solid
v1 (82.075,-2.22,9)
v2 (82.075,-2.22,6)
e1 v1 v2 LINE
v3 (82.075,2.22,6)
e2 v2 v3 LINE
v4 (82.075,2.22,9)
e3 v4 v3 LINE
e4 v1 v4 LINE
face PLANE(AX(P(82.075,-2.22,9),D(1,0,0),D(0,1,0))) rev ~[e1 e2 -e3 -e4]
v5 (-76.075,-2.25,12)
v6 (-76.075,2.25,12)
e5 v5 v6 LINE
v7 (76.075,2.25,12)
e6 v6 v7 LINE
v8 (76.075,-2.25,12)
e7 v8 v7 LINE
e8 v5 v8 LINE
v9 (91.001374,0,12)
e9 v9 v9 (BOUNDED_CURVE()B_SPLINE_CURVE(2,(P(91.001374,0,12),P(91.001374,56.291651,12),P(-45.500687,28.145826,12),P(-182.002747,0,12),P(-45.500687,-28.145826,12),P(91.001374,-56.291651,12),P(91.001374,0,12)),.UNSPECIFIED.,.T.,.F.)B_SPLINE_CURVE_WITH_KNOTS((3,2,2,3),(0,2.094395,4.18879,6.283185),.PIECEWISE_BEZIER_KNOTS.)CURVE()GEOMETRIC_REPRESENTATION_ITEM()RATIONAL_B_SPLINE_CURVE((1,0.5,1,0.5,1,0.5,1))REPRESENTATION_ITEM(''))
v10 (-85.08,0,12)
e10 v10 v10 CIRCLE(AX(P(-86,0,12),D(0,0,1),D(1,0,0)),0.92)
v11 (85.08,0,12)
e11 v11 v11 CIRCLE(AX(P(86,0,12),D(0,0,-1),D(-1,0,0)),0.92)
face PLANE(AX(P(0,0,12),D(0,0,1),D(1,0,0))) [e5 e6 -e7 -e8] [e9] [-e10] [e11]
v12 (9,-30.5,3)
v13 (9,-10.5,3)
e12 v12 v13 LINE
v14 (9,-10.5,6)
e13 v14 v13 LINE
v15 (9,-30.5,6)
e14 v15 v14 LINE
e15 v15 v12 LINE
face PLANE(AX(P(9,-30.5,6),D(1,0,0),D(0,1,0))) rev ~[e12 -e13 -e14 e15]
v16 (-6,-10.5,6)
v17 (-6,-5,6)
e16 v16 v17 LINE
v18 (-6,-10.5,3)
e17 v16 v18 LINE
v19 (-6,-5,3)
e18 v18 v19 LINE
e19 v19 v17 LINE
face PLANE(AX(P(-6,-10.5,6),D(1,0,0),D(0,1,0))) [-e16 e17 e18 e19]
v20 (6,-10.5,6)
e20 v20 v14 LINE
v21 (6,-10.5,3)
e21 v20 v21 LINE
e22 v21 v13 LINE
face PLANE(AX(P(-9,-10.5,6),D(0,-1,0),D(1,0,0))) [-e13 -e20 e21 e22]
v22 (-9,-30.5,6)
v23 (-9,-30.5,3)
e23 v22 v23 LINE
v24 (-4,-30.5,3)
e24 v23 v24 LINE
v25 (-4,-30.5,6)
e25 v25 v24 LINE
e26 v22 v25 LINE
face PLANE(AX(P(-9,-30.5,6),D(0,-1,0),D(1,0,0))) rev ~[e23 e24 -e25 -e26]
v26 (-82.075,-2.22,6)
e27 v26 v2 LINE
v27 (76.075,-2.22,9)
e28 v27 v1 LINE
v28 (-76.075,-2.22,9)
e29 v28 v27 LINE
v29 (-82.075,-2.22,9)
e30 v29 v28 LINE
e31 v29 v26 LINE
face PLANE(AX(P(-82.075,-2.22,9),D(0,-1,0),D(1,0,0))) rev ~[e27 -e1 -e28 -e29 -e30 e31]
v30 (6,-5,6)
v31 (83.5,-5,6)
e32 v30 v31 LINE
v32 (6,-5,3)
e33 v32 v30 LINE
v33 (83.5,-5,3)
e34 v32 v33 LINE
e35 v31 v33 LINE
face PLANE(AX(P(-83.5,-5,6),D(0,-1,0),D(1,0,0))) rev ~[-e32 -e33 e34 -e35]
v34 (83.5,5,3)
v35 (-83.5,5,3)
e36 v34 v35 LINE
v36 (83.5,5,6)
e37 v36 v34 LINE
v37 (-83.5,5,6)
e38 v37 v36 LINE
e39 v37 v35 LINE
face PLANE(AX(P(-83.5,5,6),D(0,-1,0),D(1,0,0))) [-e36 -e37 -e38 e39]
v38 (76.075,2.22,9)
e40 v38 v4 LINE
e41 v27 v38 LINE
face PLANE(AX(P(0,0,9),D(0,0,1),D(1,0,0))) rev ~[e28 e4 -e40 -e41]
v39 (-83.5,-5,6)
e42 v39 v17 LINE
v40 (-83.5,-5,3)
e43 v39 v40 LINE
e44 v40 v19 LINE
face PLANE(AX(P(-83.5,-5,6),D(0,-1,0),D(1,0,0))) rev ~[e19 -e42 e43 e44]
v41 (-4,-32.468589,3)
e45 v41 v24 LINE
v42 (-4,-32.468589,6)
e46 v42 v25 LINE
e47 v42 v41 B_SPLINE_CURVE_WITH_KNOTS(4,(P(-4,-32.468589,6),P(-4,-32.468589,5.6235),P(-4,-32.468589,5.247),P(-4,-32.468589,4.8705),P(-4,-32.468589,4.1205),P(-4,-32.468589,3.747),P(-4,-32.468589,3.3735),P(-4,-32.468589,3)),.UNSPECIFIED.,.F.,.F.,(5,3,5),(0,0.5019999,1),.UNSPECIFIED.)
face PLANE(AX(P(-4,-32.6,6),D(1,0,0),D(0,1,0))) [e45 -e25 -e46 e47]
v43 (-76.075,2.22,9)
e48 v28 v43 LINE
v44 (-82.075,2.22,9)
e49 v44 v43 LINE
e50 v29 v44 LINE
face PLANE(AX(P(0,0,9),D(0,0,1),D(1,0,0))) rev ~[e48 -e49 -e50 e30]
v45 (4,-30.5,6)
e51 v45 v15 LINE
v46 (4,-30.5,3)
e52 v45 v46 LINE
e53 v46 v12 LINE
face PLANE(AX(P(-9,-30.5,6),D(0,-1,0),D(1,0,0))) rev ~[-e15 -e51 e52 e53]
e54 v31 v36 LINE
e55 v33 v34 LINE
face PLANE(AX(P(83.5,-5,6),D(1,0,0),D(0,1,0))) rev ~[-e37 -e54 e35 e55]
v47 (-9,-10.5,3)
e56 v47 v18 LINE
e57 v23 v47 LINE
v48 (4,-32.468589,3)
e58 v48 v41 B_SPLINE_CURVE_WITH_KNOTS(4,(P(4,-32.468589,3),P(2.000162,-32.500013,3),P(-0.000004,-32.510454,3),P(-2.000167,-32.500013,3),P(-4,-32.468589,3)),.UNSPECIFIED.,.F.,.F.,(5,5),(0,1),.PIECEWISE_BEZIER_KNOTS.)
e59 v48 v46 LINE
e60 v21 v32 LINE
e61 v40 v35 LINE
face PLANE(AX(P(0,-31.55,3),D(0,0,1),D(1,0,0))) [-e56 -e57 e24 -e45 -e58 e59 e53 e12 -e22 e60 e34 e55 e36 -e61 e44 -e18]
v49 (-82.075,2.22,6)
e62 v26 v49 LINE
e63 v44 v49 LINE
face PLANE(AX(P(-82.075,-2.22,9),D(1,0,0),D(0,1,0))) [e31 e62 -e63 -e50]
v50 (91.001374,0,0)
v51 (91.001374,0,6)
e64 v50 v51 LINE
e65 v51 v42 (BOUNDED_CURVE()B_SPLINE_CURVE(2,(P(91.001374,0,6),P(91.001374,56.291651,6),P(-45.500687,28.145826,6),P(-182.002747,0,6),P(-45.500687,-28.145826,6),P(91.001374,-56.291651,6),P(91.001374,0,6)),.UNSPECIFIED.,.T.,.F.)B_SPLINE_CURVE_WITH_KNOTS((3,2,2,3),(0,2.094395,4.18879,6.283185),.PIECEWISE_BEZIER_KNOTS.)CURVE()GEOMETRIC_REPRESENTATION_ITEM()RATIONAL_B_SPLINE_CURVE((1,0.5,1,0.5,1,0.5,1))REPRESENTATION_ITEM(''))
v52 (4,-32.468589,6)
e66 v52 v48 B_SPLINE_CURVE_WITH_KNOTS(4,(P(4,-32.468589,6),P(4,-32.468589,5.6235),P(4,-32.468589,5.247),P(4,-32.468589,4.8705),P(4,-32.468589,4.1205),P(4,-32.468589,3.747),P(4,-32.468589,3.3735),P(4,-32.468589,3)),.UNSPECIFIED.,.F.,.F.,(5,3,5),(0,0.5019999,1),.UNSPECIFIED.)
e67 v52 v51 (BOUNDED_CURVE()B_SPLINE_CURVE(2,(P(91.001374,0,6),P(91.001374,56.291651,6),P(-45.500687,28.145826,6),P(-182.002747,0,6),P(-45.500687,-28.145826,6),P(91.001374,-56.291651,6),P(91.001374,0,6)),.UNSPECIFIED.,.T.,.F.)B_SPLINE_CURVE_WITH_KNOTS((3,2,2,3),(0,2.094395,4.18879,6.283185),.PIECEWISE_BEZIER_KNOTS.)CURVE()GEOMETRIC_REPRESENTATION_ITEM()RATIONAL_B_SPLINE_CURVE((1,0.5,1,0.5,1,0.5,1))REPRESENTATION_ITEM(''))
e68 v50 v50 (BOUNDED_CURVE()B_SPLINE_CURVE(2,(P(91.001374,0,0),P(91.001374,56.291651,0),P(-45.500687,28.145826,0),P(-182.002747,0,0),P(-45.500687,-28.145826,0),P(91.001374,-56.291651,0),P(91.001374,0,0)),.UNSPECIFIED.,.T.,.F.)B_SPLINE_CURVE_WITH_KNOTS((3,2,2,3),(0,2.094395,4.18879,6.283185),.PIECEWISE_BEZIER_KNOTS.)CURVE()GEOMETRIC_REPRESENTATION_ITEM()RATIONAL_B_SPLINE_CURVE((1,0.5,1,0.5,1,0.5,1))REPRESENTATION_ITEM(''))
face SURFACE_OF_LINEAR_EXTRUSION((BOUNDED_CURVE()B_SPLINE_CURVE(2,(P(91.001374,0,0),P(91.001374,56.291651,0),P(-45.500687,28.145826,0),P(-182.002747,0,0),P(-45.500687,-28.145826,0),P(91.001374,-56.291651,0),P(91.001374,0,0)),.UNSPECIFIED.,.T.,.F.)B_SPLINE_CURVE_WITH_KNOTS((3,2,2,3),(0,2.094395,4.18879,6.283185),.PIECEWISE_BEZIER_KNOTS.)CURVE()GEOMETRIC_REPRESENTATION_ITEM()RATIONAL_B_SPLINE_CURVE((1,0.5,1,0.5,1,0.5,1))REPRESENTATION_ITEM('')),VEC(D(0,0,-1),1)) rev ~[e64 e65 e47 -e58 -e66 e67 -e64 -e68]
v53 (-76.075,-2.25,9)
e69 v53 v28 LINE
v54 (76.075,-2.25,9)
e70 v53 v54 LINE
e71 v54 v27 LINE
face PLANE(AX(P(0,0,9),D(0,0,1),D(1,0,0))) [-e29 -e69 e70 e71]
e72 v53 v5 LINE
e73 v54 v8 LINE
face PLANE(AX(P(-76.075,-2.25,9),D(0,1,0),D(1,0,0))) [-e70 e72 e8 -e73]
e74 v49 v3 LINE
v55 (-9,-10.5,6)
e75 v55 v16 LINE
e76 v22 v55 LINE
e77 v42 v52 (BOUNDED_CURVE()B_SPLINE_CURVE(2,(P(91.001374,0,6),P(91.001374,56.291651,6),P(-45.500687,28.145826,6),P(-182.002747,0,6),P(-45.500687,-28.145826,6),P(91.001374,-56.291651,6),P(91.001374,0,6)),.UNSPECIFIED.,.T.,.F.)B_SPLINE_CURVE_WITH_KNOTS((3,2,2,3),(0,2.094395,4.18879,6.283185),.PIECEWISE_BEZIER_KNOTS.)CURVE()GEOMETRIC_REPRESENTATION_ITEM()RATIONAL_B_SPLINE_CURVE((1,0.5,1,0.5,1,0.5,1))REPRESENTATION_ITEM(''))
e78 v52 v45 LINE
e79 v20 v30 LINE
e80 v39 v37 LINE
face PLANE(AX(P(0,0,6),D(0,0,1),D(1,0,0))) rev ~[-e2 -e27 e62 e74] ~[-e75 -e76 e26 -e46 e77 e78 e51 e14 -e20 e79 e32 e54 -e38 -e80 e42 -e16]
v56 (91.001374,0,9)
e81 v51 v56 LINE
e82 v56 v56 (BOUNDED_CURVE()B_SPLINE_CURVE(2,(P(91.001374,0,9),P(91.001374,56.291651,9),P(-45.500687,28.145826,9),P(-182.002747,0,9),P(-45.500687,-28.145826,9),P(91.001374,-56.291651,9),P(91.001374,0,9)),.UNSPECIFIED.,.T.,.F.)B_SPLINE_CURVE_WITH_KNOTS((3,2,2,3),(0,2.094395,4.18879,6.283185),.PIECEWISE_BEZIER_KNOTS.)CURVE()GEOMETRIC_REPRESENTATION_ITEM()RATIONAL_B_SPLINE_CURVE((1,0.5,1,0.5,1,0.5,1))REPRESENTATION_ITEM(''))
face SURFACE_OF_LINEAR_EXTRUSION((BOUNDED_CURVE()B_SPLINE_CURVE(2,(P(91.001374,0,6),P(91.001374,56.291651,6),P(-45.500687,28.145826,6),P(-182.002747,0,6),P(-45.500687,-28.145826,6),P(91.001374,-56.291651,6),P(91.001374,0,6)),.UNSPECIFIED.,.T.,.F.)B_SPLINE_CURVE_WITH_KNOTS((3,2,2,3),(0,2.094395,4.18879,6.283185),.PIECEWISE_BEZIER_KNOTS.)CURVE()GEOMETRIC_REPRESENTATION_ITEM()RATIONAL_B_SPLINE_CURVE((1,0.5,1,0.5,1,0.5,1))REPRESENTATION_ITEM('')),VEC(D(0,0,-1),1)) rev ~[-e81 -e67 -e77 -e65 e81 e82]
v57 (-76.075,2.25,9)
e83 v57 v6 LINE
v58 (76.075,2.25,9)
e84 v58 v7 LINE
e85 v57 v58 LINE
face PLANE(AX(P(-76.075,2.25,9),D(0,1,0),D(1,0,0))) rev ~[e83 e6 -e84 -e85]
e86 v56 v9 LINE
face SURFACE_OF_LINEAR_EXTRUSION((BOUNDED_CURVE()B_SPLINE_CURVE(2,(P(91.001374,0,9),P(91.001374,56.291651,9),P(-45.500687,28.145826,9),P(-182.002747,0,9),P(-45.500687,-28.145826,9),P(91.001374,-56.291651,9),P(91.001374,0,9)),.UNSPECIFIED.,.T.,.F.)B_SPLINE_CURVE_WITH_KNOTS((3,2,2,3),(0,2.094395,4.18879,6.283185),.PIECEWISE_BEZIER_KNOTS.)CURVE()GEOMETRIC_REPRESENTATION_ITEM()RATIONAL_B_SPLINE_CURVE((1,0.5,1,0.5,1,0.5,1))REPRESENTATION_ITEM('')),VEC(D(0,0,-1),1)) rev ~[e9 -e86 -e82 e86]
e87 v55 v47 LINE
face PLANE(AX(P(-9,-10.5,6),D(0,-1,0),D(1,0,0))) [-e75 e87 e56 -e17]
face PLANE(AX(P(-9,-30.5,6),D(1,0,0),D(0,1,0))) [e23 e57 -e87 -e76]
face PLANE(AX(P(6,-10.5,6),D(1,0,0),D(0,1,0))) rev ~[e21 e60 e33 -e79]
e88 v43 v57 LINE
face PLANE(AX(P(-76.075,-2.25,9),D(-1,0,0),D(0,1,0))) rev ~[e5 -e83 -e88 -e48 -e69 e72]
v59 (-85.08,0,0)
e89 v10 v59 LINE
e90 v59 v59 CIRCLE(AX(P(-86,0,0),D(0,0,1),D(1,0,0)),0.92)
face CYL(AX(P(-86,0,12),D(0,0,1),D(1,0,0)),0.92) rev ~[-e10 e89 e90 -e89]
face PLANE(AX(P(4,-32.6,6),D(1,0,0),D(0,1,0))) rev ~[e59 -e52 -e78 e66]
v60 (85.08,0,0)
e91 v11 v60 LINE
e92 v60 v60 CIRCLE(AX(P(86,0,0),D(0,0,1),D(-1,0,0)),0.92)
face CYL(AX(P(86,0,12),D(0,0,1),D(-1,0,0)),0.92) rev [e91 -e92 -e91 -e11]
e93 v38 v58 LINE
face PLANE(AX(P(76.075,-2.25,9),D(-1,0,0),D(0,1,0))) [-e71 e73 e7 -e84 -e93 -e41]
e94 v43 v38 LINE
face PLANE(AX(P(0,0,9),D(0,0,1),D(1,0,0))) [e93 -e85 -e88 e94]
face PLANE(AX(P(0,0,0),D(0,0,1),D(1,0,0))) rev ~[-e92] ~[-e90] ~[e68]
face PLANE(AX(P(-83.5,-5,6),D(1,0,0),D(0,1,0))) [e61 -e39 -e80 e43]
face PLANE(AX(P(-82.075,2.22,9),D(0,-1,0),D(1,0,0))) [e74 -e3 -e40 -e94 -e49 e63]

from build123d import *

# Parameters (mm, degrees)
PAD_DEPTH       = 6
SKETCH001_W     = 167
SKETCH001_H     = 10
POCKET_DEPTH    = 3
SKETCH002_W     = 18
SKETCH002_H     = 20
POCKET001_DEPTH = 3
SKETCH003_W     = 12
SKETCH003_H     = 15.5
SKETCH003_W_2   = 8
SKETCH003_H_2   = 2.1
POCKET002_DEPTH = 3
PAD001_DEPTH    = 3
SKETCH005_W     = 164.15
SKETCH005_H     = 4.44
POCKET003_DEPTH = 3
SKETCH006_W     = 152.15
SKETCH006_H     = 4.5
PAD002_DEPTH    = 3
SKETCH007_R     = 0.92
POCKET004_DEPTH = 399.26835


with BuildPart() as part:
    # Sketch → Pad (new body)
    with BuildSketch(Plane.XY):
        with BuildLine():
            add(Edge.make_bspline(
                [(91.001374, 0), (91.001374, 56.291651), (-45.500687, 28.145826), (-182.002747, 0), (-45.500687, -28.145826), (91.001374, -56.291651), (91.001374, 0)],
                knots=[0, 0, 0, 2.094395, 2.094395, 4.18879, 4.18879, 6.283185, 6.283185, 6.283185], degree=2, weights=[1, 0.5, 1, 0.5, 1, 0.5, 1]))
        make_face()
    extrude(amount=PAD_DEPTH)

    # Sketch001 (on Face3 of Pad) → Pocket (cut)
    with BuildSketch(Plane.XY.offset(6)):
        Rectangle(SKETCH001_W, SKETCH001_H)
    extrude(amount=-POCKET_DEPTH, mode=Mode.SUBTRACT)

    # Sketch002 (on Face3 of Pocket) → Pocket001 (cut)
    with BuildSketch(Plane.XY.offset(6)):
        with Locations((0, -20.5)):
            Rectangle(SKETCH002_W, SKETCH002_H)
    extrude(amount=-POCKET001_DEPTH, mode=Mode.SUBTRACT)

    # Sketch003 (on Face3 of Pocket001) → Pocket002 (cut)
    with BuildSketch(Plane.XY.offset(6)):
        with Locations((0, -2.75)):
            Rectangle(SKETCH003_W, SKETCH003_H)
        with Locations((0, -31.55)):
            Rectangle(SKETCH003_W_2, SKETCH003_H_2)
    extrude(amount=-POCKET002_DEPTH, mode=Mode.SUBTRACT)

    # Sketch004 (on Face3 of Pocket002) → Pad001 (join)
    with BuildSketch(Plane.XY.offset(6)):
        with BuildLine():
            add(Edge.make_bspline(
                [(91.001374, 0), (91.001374, 56.291651), (-45.500687, 28.145826), (-182.002747, 0), (-45.500687, -28.145826), (91.001374, -56.291651), (91.001374, 0)],
                knots=[0, 0, 0, 2.094395, 2.094395, 4.18879, 4.18879, 6.283185, 6.283185, 6.283185], degree=2, weights=[1, 0.5, 1, 0.5, 1, 0.5, 1]))
        make_face()
    extrude(amount=PAD001_DEPTH)

    # Sketch005 (on Face8 of Pad001) → Pocket003 (cut)
    with BuildSketch(Plane.XY.offset(9)):
        Rectangle(SKETCH005_W, SKETCH005_H)
    extrude(amount=-POCKET003_DEPTH, mode=Mode.SUBTRACT)

    # Sketch006 (on Face8 of Pocket003) → Pad002 (join)
    with BuildSketch(Plane.XY.offset(9)):
        with BuildLine():
            add(Edge.make_bspline(
                [(91.001374, 0), (91.001374, 56.291651), (-45.500687, 28.145826), (-182.002747, 0), (-45.500687, -28.145826), (91.001374, -56.291651), (91.001374, 0)],
                knots=[0, 0, 0, 2.094395, 2.094395, 4.18879, 4.18879, 6.283185, 6.283185, 6.283185], degree=2, weights=[1, 0.5, 1, 0.5, 1, 0.5, 1]))
        make_face()
        Rectangle(SKETCH006_W, SKETCH006_H, mode=Mode.SUBTRACT)
    extrude(amount=PAD002_DEPTH)

    # Sketch007 (on Face12 of Pad002) → Pocket004 (cut, through all)
    with BuildSketch(Plane.XY.offset(12)):
        with Locations((-86, 0)):
            Circle(SKETCH007_R)
    pocket004 = extrude(amount=-POCKET004_DEPTH, mode=Mode.SUBTRACT)

    # Mirrored: Pocket004 across Sketch007 V_Axis
    add(pocket004.mirror(Plane(origin=(0, 0, 12), x_dir=(0, 0, 1), z_dir=(1, 0, 0))), mode=Mode.SUBTRACT)


solid = part.part
